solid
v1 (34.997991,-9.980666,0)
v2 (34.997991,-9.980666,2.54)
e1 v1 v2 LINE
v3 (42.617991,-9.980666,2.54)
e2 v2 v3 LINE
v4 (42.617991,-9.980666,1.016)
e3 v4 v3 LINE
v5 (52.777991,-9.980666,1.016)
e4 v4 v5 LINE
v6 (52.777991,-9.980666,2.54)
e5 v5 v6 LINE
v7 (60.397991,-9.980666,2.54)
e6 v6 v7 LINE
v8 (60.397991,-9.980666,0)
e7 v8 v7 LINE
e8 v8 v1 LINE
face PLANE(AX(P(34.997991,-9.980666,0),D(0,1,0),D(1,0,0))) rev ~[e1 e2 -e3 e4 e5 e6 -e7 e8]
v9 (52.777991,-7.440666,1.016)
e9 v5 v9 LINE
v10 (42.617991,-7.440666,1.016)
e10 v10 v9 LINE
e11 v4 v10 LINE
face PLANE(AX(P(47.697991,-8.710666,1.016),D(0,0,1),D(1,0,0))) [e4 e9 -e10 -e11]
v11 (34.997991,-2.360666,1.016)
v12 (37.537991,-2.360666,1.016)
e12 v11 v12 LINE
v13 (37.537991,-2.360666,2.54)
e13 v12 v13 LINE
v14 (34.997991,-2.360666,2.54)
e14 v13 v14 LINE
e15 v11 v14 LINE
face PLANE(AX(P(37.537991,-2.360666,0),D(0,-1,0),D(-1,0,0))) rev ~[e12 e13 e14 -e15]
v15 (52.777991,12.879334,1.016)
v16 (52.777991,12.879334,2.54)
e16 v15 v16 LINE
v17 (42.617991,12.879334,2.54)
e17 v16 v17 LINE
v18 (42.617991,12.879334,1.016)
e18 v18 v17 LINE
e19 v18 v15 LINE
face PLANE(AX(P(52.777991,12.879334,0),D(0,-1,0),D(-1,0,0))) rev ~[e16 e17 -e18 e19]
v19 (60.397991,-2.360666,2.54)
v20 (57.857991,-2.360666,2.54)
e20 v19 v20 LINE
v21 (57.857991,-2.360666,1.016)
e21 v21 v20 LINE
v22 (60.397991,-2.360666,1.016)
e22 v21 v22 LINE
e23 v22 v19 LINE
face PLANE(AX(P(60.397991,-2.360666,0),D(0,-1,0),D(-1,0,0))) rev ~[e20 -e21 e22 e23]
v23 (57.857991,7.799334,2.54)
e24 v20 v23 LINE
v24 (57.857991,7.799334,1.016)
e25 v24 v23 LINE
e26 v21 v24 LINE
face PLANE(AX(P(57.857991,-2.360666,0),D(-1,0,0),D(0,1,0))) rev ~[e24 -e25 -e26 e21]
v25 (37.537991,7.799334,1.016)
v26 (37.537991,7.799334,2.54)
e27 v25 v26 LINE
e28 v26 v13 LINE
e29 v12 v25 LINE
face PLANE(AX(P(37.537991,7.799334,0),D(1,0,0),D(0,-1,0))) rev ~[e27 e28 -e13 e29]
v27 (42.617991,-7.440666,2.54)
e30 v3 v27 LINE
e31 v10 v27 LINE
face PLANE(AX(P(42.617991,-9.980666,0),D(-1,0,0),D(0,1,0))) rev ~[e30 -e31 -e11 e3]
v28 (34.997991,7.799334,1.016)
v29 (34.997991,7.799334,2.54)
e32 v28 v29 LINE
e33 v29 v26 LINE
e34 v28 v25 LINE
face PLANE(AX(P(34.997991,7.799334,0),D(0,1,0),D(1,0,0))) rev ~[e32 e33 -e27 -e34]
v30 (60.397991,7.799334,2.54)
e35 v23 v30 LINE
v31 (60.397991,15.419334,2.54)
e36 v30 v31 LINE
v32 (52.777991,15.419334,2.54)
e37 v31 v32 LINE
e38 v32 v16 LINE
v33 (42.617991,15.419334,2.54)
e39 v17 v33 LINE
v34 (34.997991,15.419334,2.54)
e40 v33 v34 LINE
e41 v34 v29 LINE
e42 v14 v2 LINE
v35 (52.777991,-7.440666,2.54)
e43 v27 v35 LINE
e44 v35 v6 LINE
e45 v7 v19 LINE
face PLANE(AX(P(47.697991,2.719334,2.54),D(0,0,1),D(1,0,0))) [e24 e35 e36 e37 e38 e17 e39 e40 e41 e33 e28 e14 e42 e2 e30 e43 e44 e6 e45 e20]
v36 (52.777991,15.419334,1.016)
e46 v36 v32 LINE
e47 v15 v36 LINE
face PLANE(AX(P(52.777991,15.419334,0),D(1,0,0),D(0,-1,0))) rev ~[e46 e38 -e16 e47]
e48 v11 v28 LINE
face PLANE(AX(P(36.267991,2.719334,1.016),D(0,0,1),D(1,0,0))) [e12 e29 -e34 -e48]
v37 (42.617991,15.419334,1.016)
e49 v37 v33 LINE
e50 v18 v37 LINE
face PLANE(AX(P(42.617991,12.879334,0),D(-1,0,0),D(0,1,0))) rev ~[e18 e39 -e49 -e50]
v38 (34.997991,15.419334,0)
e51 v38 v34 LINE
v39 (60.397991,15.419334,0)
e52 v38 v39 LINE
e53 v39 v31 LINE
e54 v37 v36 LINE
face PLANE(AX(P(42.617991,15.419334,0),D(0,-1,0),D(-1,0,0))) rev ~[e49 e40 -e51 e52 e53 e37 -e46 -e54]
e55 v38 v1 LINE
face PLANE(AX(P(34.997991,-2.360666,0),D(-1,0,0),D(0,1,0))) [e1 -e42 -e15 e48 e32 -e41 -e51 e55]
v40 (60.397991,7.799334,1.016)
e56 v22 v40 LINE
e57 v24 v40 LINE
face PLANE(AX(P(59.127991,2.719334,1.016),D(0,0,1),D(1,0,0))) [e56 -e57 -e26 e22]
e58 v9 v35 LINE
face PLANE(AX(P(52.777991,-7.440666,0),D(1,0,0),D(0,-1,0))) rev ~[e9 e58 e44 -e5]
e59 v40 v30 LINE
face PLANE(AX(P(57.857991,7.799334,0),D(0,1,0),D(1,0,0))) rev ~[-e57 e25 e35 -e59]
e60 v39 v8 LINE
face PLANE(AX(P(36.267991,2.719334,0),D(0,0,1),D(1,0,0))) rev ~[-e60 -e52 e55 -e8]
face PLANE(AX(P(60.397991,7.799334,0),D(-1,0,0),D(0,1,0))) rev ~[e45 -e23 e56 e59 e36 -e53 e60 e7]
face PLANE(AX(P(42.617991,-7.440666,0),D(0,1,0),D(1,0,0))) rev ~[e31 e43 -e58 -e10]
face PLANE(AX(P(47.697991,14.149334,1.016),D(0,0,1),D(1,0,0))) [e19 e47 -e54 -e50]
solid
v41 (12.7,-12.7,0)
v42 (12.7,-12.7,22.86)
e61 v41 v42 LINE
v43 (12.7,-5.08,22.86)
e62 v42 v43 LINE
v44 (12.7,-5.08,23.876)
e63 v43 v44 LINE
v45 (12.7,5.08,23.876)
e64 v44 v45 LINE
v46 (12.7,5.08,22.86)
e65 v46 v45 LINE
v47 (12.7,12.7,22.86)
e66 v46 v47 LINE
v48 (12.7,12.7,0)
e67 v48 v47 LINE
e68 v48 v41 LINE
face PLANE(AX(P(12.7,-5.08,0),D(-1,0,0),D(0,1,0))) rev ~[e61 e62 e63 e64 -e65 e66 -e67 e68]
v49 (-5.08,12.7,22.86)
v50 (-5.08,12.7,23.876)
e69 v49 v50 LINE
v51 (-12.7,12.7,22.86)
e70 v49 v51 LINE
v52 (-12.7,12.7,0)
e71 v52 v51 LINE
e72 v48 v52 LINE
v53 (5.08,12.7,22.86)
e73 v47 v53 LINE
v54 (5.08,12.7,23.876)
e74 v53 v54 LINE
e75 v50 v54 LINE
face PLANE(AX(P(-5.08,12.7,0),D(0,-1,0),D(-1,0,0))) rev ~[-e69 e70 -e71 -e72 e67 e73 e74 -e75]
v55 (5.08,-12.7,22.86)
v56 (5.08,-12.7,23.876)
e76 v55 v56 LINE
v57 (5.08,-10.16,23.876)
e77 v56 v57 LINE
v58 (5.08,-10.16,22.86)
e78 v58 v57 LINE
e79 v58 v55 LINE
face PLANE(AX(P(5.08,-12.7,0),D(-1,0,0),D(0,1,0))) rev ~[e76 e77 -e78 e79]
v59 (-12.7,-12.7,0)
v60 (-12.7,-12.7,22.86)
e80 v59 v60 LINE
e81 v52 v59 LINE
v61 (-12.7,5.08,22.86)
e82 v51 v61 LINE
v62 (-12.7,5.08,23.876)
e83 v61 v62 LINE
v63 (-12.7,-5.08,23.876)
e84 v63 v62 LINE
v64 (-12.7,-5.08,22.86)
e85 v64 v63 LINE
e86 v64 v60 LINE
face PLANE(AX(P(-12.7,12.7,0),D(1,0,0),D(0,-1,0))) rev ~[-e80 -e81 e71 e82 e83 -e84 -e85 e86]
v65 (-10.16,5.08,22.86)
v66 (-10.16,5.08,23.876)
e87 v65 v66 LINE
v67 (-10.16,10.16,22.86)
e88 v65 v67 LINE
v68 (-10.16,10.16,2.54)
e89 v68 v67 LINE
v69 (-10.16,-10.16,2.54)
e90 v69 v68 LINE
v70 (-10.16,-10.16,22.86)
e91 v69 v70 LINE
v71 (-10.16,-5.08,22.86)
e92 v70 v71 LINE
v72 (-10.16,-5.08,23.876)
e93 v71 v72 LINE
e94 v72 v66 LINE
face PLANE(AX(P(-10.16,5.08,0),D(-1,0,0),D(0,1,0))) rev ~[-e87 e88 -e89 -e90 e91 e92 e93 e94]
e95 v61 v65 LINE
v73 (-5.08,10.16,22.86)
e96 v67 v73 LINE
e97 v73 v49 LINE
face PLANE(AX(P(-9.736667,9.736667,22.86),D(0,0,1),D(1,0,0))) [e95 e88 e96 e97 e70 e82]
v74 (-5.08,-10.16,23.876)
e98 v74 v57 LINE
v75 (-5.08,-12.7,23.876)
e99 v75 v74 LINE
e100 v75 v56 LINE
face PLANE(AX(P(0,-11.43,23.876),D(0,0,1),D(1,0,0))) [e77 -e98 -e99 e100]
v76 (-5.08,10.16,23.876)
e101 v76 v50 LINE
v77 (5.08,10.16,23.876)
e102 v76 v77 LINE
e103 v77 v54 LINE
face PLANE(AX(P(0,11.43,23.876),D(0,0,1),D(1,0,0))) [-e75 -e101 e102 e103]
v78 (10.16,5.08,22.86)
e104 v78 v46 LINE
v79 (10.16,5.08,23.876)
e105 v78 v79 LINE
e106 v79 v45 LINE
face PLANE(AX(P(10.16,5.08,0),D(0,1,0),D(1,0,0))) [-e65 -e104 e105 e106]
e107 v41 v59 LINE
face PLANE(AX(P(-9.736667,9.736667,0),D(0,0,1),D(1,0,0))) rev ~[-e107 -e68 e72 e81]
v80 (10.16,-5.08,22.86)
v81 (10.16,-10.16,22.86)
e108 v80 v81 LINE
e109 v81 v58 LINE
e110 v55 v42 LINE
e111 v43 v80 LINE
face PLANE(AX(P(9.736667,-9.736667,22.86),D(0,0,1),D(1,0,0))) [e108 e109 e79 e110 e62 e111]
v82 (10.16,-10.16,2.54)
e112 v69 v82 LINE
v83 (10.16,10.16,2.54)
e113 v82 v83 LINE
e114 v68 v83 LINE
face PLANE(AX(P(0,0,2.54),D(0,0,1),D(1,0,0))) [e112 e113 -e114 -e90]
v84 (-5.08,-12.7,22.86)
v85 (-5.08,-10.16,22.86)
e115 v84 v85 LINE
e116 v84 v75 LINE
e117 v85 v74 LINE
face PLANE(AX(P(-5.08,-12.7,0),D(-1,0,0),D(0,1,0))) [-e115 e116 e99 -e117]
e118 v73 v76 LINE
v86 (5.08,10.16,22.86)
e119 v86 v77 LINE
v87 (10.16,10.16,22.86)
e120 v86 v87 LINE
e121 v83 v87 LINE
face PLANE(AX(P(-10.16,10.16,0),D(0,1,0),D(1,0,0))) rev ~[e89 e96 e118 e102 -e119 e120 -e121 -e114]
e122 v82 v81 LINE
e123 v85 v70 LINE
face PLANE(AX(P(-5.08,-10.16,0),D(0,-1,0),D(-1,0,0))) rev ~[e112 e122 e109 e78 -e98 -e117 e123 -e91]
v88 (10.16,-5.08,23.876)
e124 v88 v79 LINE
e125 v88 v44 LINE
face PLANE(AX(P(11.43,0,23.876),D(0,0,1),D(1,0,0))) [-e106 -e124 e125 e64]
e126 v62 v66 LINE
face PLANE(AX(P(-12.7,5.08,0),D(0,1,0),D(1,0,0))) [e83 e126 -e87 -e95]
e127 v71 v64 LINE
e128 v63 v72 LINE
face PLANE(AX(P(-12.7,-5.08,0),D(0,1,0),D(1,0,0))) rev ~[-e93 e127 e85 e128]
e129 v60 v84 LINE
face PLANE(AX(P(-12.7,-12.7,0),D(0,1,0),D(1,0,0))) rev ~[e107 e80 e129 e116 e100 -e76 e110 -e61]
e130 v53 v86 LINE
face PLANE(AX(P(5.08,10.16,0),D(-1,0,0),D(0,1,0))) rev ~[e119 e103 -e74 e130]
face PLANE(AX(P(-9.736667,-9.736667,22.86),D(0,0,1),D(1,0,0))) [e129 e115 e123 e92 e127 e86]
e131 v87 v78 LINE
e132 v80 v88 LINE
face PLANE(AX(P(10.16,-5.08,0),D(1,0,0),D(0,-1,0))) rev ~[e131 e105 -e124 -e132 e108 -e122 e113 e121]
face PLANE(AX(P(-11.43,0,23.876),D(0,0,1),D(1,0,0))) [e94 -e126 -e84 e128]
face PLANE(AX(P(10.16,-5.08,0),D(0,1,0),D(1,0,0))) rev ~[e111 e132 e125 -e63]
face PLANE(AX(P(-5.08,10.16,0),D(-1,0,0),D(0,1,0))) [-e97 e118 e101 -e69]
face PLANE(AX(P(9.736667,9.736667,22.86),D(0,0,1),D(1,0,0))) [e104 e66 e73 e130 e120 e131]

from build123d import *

# Parameters (mm, degrees)
F1_DEPTH = 2.54
F0_W     = 10.16
F0_H     = 2.54
F0_W_2   = 2.54
F0_H_2   = 10.16
F2_DEPTH = 23.876
F3_DEPTH = 22.86
F4_DEPTH = 1.016


with BuildPart() as f1:
    # F0 (on Top) → F1 (new body)
    with BuildSketch(Plane.XY):
        Polygon((-5.08, -10.16), (5.08, -10.16), (10.16, -10.16), (10.16, -5.08), (10.16, 5.08), (10.16, 10.16), (5.08, 10.16), (-5.08, 10.16), (-10.16, 10.16), (-10.16, 5.08), (-10.16, -5.08), (-10.16, -10.16), align=None)
    extrude(amount=F1_DEPTH)

    # F0 (on Top) → F2 (join)
    with BuildSketch(Plane.XY):
        with Locations((0, 11.43)):
            Rectangle(F0_W, F0_H)
        with Locations((11.43, 0)):
            Rectangle(F0_W_2, F0_H_2)
        with Locations((0, -11.43)):
            Rectangle(F0_W, F0_H)
        with Locations((-11.43, 0)):
            Rectangle(F0_W_2, F0_H_2)
    extrude(amount=F2_DEPTH)

    # F0 (on Top) → F3 (join)
    with BuildSketch(Plane.XY):
        Polygon((-12.7, 12.7), (-12.7, 5.08), (-10.16, 5.08), (-10.16, 10.16), (-5.08, 10.16), (-5.08, 12.7), align=None)
        Polygon((10.16, 5.08), (12.7, 5.08), (12.7, 12.7), (5.08, 12.7), (5.08, 10.16), (10.16, 10.16), align=None)
        Polygon((-12.7, -12.7), (-5.08, -12.7), (-5.08, -10.16), (-10.16, -10.16), (-10.16, -5.08), (-12.7, -5.08), align=None)
        Polygon((5.08, -12.7), (12.7, -12.7), (12.7, -5.08), (10.16, -5.08), (10.16, -10.16), (5.08, -10.16), align=None)
    extrude(amount=F3_DEPTH)


with BuildPart() as f1b:
    # F0 (on Top) → F1, piece 2 (new body)
    with BuildSketch(Plane.XY):
        Polygon((42.6179911327, -7.4406659061), (52.7779911327, -7.4406659061), (57.8579911327, -7.4406659061), (57.8579911327, -2.3606659061), (57.8579911327, 7.7993340939), (57.8579911327, 12.8793340939), (52.7779911327, 12.8793340939), (42.6179911327, 12.8793340939), (37.5379911327, 12.8793340939), (37.5379911327, 7.7993340939), (37.5379911327, -2.3606659061), (37.5379911327, -7.4406659061), align=None)
        Polygon((34.9979911327, 15.4193340939), (34.9979911327, 7.7993340939), (37.5379911327, 7.7993340939), (37.5379911327, 12.8793340939), (42.6179911327, 12.8793340939), (42.6179911327, 15.4193340939), align=None)
        Polygon((57.8579911327, 7.7993340939), (60.3979911327, 7.7993340939), (60.3979911327, 15.4193340939), (52.7779911327, 15.4193340939), (52.7779911327, 12.8793340939), (57.8579911327, 12.8793340939), align=None)
        Polygon((52.7779911327, -9.9806659061), (60.3979911327, -9.9806659061), (60.3979911327, -2.3606659061), (57.8579911327, -2.3606659061), (57.8579911327, -7.4406659061), (52.7779911327, -7.4406659061), align=None)
        Polygon((34.9979911327, -9.9806659061), (42.6179911327, -9.9806659061), (42.6179911327, -7.4406659061), (37.5379911327, -7.4406659061), (37.5379911327, -2.3606659061), (34.9979911327, -2.3606659061), align=None)
    extrude(amount=F1_DEPTH)

    # F0 (on Top) → F4 (join)
    with BuildSketch(Plane.XY):
        with Locations((36.2679911327, 2.7193340939)):
            Rectangle(F0_W_2, F0_H_2)
        with Locations((47.6979911327, 14.1493340939)):
            Rectangle(F0_W, F0_H)
        with Locations((59.1279911327, 2.7193340939)):
            Rectangle(F0_W_2, F0_H_2)
        with Locations((47.6979911327, -8.7106659061)):
            Rectangle(F0_W, F0_H)
    extrude(amount=F4_DEPTH)


solid = Compound([f1.part, f1b.part])
